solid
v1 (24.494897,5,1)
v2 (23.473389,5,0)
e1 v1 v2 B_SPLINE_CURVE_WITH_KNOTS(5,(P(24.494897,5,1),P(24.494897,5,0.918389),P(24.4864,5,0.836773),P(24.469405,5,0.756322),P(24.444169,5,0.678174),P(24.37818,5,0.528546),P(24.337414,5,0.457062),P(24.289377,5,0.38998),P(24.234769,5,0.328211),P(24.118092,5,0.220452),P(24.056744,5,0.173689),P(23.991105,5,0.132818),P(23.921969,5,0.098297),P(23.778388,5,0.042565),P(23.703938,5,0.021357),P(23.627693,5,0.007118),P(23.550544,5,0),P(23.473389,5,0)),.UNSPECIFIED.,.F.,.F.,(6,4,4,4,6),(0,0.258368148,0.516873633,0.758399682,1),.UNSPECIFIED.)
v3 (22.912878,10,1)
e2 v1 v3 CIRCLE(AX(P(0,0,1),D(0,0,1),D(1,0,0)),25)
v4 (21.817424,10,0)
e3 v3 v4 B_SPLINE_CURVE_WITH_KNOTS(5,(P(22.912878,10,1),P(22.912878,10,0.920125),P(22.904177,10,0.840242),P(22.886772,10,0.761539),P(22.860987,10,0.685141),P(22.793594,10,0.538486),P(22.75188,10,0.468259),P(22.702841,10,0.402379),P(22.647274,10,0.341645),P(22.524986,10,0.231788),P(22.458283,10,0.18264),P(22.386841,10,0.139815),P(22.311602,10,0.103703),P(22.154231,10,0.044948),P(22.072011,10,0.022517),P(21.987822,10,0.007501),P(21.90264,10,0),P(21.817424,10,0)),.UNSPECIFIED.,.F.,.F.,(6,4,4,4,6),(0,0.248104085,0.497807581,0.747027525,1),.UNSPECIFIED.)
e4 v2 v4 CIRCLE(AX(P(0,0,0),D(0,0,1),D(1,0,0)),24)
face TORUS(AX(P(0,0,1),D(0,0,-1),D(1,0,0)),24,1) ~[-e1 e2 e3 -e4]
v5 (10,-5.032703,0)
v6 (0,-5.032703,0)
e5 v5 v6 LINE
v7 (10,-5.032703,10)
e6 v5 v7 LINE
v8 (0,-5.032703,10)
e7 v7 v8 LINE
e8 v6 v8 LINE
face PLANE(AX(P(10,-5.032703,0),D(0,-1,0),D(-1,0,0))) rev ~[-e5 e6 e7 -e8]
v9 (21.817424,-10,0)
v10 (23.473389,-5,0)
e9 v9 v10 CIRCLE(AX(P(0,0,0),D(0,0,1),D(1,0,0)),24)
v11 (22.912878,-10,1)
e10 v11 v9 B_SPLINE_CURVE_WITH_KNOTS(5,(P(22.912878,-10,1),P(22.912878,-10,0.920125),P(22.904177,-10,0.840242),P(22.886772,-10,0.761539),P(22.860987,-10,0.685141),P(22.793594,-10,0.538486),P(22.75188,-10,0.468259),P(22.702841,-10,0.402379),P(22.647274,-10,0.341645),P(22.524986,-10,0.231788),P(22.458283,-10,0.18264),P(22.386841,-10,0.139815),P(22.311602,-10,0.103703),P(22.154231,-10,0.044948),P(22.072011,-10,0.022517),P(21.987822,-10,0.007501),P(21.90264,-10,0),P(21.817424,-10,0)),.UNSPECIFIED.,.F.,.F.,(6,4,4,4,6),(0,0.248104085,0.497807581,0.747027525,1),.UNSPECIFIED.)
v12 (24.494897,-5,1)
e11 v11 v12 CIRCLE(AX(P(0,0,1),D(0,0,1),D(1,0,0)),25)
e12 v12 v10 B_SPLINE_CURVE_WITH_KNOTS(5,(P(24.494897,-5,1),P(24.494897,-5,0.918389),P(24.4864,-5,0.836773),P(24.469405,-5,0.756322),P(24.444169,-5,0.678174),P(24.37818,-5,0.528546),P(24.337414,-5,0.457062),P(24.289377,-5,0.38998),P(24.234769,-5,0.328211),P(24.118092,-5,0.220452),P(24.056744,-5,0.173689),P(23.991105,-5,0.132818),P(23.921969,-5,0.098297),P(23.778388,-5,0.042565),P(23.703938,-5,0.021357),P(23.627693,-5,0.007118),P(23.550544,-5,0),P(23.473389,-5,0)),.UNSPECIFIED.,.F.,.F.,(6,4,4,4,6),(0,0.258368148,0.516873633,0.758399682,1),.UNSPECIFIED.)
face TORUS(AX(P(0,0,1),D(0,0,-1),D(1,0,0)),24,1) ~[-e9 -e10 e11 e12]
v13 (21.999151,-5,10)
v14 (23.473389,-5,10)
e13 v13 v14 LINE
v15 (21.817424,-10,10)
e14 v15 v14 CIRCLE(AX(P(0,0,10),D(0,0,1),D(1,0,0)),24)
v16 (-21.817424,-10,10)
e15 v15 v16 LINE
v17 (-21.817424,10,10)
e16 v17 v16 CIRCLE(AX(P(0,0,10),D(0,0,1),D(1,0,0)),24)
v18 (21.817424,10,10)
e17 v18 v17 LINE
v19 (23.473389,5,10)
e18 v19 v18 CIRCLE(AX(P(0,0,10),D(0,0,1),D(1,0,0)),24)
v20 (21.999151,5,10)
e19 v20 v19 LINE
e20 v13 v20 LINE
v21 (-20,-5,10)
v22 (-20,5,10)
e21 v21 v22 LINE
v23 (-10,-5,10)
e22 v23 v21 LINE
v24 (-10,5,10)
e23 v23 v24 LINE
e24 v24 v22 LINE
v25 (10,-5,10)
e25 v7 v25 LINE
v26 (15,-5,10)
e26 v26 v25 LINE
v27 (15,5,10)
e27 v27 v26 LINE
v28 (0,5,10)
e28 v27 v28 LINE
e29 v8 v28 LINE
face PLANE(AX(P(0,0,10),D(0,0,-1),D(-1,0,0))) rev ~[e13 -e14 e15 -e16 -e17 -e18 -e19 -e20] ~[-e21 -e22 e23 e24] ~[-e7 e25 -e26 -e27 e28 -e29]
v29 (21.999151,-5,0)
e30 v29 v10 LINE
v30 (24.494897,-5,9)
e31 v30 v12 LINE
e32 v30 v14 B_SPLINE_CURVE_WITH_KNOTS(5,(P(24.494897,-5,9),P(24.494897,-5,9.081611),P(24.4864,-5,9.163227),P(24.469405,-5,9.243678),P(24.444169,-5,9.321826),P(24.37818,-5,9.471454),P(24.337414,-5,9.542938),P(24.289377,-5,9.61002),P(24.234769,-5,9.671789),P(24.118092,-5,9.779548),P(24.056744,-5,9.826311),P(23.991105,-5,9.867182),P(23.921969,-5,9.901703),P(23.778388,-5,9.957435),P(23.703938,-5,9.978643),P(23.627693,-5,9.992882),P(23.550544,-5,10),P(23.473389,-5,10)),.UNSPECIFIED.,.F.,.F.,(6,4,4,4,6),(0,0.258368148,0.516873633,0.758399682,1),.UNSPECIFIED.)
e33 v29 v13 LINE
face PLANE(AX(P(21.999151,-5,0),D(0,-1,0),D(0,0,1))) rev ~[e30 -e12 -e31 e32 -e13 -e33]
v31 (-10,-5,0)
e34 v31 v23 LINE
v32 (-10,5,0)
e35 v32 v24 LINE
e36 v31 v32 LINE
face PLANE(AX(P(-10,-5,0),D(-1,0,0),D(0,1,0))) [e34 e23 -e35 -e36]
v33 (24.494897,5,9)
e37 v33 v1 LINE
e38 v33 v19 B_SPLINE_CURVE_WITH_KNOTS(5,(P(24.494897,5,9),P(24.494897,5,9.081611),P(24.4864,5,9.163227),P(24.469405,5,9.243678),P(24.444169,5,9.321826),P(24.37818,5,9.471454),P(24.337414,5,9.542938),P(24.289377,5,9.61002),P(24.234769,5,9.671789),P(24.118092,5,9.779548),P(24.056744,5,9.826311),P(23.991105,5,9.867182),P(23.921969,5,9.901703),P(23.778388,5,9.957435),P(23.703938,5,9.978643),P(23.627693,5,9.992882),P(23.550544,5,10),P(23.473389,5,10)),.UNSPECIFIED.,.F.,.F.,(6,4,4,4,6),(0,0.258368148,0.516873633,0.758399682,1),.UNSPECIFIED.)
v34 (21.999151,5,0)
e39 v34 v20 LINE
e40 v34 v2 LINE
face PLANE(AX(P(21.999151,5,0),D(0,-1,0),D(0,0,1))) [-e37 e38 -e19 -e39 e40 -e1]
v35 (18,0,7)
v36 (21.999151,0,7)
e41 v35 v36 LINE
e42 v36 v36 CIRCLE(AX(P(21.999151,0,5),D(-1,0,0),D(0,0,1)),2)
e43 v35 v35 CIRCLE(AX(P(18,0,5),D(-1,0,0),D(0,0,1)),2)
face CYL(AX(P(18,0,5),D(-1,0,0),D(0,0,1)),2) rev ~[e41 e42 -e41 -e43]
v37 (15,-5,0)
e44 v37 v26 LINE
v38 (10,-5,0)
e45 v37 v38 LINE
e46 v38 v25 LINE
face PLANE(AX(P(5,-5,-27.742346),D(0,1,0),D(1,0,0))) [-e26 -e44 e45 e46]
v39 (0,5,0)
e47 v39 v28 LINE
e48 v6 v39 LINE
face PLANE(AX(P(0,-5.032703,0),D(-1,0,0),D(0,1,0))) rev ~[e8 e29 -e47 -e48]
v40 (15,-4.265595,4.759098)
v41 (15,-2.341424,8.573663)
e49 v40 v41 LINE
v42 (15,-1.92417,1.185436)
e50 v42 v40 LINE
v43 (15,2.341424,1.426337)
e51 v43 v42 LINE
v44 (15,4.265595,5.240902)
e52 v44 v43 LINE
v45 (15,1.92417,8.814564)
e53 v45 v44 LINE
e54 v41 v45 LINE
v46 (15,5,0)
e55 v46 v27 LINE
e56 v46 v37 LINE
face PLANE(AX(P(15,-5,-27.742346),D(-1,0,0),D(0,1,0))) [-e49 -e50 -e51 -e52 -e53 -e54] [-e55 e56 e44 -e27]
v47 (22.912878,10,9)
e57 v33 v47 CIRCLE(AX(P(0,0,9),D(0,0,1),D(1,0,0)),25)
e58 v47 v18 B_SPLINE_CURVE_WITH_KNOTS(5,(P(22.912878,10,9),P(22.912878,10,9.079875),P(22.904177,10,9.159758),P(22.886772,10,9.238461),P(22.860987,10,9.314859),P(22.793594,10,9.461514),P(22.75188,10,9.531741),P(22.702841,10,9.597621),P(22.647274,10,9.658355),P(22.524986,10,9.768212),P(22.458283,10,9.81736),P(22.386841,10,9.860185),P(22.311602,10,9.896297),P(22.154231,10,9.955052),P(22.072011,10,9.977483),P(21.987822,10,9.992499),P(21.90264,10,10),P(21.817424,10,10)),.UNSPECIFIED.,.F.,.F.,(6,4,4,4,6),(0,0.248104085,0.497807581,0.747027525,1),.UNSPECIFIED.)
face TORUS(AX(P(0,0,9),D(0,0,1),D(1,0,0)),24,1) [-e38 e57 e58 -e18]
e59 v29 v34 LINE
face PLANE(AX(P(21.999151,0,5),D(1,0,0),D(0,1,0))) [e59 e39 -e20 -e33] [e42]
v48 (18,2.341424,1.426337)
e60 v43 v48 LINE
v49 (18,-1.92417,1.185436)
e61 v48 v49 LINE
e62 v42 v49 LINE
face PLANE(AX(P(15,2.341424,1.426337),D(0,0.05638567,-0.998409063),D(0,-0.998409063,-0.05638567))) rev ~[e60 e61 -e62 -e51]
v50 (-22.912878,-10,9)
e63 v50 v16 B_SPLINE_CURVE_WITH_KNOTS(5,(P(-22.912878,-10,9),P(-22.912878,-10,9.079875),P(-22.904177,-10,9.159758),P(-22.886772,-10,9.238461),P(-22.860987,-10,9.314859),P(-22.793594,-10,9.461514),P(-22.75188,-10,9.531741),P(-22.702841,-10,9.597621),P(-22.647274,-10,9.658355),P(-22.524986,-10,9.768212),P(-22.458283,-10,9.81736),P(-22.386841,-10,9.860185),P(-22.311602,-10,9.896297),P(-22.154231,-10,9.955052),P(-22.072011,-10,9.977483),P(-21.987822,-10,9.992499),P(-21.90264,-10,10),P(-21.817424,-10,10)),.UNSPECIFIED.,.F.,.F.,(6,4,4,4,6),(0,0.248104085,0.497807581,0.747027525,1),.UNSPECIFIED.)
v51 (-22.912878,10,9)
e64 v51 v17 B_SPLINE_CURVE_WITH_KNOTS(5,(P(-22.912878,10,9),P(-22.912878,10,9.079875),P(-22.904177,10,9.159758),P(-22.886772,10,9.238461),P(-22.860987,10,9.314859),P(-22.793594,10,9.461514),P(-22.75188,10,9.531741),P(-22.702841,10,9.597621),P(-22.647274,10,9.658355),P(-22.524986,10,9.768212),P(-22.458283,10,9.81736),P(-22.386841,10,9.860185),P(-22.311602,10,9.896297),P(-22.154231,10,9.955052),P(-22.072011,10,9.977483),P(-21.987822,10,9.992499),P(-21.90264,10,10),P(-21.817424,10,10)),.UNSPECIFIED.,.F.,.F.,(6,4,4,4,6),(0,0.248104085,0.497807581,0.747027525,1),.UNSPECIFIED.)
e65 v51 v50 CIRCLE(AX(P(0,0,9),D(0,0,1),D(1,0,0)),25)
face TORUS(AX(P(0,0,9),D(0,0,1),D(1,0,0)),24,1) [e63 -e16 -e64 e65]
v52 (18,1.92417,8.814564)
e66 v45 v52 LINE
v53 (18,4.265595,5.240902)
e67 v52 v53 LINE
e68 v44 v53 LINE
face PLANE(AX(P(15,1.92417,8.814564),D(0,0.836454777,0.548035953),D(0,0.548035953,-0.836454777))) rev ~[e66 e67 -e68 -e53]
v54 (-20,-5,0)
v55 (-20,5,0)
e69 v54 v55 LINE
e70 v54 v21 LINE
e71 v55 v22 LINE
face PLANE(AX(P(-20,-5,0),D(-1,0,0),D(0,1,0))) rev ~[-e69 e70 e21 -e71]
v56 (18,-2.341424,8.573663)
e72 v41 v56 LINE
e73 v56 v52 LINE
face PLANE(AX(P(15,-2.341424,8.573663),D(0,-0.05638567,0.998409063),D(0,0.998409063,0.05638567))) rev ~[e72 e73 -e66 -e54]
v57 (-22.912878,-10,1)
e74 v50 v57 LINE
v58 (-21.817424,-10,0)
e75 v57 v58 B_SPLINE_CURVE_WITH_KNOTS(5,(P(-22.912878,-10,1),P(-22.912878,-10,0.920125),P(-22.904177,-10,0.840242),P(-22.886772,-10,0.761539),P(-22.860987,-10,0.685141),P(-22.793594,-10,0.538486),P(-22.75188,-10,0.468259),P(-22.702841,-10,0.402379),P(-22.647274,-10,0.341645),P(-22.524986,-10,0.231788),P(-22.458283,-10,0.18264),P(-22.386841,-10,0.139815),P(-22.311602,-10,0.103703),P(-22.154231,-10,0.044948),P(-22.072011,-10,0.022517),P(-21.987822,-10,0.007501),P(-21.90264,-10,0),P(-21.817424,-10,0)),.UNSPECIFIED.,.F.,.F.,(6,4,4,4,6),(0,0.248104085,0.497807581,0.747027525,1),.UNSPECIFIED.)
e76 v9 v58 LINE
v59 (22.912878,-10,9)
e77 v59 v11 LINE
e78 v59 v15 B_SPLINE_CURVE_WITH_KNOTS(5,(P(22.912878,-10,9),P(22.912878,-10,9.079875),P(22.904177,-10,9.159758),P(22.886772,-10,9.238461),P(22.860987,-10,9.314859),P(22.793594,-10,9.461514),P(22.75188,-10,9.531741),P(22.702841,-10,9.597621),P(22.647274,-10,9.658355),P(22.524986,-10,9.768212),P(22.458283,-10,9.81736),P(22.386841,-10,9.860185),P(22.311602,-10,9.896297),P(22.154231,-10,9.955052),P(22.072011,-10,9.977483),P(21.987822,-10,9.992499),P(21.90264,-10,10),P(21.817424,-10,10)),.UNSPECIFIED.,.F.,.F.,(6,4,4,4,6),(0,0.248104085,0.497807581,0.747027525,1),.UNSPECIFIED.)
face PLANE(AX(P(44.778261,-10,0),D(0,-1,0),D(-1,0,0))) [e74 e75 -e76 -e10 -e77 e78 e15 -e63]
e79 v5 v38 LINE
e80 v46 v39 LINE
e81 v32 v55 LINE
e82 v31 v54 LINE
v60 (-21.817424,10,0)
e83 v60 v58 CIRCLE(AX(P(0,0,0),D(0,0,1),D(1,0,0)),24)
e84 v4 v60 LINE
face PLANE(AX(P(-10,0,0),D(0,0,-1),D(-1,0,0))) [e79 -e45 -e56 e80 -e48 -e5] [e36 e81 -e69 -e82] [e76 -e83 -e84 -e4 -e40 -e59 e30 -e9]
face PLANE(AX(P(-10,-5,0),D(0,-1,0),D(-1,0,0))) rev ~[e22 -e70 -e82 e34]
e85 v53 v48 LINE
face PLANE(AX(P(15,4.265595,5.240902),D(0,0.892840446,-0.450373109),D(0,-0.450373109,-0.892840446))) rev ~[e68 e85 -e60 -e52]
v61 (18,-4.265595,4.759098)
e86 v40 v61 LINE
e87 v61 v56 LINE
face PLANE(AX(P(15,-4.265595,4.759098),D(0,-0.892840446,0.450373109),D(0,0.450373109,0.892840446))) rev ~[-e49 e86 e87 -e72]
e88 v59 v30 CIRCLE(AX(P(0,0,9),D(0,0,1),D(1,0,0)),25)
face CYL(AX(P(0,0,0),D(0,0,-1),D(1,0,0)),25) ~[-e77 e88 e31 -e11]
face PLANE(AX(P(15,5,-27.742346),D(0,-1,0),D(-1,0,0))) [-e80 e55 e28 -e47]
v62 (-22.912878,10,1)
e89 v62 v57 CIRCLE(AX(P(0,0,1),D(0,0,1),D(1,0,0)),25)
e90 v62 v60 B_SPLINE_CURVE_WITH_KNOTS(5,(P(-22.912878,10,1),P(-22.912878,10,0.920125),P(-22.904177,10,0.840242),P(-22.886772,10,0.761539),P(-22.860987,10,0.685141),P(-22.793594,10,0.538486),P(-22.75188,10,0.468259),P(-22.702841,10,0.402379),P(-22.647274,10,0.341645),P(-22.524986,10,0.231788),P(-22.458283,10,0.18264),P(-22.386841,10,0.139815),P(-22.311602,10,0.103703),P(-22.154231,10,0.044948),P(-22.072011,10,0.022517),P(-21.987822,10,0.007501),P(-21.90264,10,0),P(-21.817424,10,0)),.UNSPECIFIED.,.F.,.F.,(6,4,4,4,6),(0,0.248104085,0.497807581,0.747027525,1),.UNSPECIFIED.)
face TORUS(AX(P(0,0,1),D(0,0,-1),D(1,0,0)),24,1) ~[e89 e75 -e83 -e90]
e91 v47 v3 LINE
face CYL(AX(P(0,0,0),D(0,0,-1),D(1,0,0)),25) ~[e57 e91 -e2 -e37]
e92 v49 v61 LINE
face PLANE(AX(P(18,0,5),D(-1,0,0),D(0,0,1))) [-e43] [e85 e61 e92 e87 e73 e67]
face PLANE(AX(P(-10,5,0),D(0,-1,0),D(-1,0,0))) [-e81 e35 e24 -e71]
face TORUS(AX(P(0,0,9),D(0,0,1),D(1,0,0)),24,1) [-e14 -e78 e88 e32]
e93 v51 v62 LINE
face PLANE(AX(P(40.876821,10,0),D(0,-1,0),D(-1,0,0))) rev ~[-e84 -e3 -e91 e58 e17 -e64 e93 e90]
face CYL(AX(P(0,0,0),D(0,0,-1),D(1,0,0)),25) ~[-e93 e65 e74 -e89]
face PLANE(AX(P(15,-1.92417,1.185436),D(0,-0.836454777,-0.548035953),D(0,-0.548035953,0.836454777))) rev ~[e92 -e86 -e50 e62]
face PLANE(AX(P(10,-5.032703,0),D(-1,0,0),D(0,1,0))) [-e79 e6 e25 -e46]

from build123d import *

# Parameters (mm, degrees)
SKETCH1_R               = 25
BOSS_EXTRUDE1_DEPTH     = 10
CUT_EXTRUDE1_DEPTH      = 37.742346142
CUT_EXTRUDE1_DEPTH_BACK = 37.742346142
CUT_EXTRUDE2_DEPTH      = 3
SKETCH5_R               = 2
CUT_EXTRUDE4_DEPTH      = 13
FILLET1_R               = 1
CUT_EXTRUDE6_DEPTH      = 3
CUT_EXTRUDE6_DEPTH_BACK = 3
SKETCH6_W               = 10
SKETCH6_H               = 10
SKETCH7_W               = 10
SKETCH7_H               = 30
BOSS_EXTRUDE2_DEPTH     = 10
SKETCH8_W               = 10
SKETCH8_H               = 10
BOSS_EXTRUDE3_DEPTH     = 10
SKETCH9_W               = 10
SKETCH9_H               = 10
CUT_EXTRUDE7_DEPTH      = 10
SKETCH10_W              = 83.743898857
SKETCH10_H              = 28.854414255
SKETCH10_W_2            = 82.461079615
SKETCH10_H_2            = 26.234851391
CUT_EXTRUDE8_DEPTH      = 10
SKETCH11_W              = 10
SKETCH11_H              = 10.032703296
CUT_EXTRUDE9_DEPTH      = 10


with BuildPart() as part:
    # Sketch1 → Boss-Extrude1 (new body)
    with BuildSketch(Plane.XY):
        Circle(SKETCH1_R)
    extrude(amount=BOSS_EXTRUDE1_DEPTH)

    # Sketch2 → Cut-Extrude1 (cut, two sides: drawn at the far end of the back side and taken through both)
    with BuildSketch(Plane.XY.offset(10).offset(-CUT_EXTRUDE1_DEPTH_BACK)):
        Polygon((5, -5), (15, -5), (15, 5), (5, 5), (5, 15), (-5, 15), (-5, 5), (-15, 5), (-15, -5), (-5, -5), (-5, -15), (5, -15), align=None)
    extrude(amount=CUT_EXTRUDE1_DEPTH + CUT_EXTRUDE1_DEPTH_BACK, mode=Mode.SUBTRACT)

    # Sketch4 → Cut-Extrude2 (cut)
    with BuildSketch(Plane.ZY.offset(-15)):
        Polygon((4.759098318, -4.265594884), (8.57366269, -2.341424419), (8.814564373, 1.924170465), (5.240901682, 4.265594884), (1.42633731, 2.341424419), (1.185435627, -1.924170465), align=None)
    extrude(amount=-CUT_EXTRUDE2_DEPTH, mode=Mode.SUBTRACT)

    # Sketch5 → Cut-Extrude4 (cut)
    with BuildSketch(Plane.ZY.offset(-18)):
        with Locations((5, 0)):
            Circle(SKETCH5_R)
    extrude(amount=-CUT_EXTRUDE4_DEPTH, mode=Mode.SUBTRACT)

    # Fillet1
    fillet1_edges = [part.edges().sort_by_distance(p)[0] for p in [
        (-25, 0, 0),
        (-25, 0, 10),
    ]]
    fillet(fillet1_edges, radius=FILLET1_R)

    # Sketch6 → Cut-Extrude6 (cut, two sides: drawn at the far end of the back side and taken through both)
    with BuildSketch(Plane.YZ.offset(24.999151456).offset(-CUT_EXTRUDE6_DEPTH_BACK)):
        with Locations((0, 5)):
            Rectangle(SKETCH6_W, SKETCH6_H)
    extrude(amount=CUT_EXTRUDE6_DEPTH + CUT_EXTRUDE6_DEPTH_BACK, mode=Mode.SUBTRACT)

    # Sketch7 → Boss-Extrude2 (add)
    with BuildSketch(Plane(origin=(0, 0, 0), x_dir=(-1, 0, 0), z_dir=(0, 0, -1))):
        Rectangle(SKETCH7_W, SKETCH7_H)
    extrude(amount=-BOSS_EXTRUDE2_DEPTH)

    # Sketch8 → Boss-Extrude3 (add)
    with BuildSketch(Plane(origin=(0, 0, 0), x_dir=(-1, 0, 0), z_dir=(0, 0, -1))):
        with Locations((10, 0)):
            Rectangle(SKETCH8_W, SKETCH8_H)
    extrude(amount=-BOSS_EXTRUDE3_DEPTH)

    # Sketch9 → Cut-Extrude7 (cut)
    with BuildSketch(Plane(origin=(0, 0, 0), x_dir=(-1, 0, 0), z_dir=(0, 0, -1))):
        with Locations((15, 0)):
            Rectangle(SKETCH9_W, SKETCH9_H)
    extrude(amount=-CUT_EXTRUDE7_DEPTH, mode=Mode.SUBTRACT)

    # Sketch10 → Cut-Extrude8 (cut)
    with BuildSketch(Plane(origin=(0, 0, 0), x_dir=(-1, 0, 0), z_dir=(0, 0, -1))):
        with Locations((0.995128198, 24.427207128)):
            Rectangle(SKETCH10_W, SKETCH10_H)
        with Locations((-3.54772161, -23.117425695)):
            Rectangle(SKETCH10_W_2, SKETCH10_H_2)
    extrude(amount=-CUT_EXTRUDE8_DEPTH, mode=Mode.SUBTRACT)

    # Sketch11 → Cut-Extrude9 (cut)
    with BuildSketch(Plane(origin=(0, 0, 0), x_dir=(-1, 0, 0), z_dir=(0, 0, -1))):
        with Locations((-5, -0.016351648)):
            Rectangle(SKETCH11_W, SKETCH11_H)
    extrude(amount=-CUT_EXTRUDE9_DEPTH, mode=Mode.SUBTRACT)


solid = part.part
